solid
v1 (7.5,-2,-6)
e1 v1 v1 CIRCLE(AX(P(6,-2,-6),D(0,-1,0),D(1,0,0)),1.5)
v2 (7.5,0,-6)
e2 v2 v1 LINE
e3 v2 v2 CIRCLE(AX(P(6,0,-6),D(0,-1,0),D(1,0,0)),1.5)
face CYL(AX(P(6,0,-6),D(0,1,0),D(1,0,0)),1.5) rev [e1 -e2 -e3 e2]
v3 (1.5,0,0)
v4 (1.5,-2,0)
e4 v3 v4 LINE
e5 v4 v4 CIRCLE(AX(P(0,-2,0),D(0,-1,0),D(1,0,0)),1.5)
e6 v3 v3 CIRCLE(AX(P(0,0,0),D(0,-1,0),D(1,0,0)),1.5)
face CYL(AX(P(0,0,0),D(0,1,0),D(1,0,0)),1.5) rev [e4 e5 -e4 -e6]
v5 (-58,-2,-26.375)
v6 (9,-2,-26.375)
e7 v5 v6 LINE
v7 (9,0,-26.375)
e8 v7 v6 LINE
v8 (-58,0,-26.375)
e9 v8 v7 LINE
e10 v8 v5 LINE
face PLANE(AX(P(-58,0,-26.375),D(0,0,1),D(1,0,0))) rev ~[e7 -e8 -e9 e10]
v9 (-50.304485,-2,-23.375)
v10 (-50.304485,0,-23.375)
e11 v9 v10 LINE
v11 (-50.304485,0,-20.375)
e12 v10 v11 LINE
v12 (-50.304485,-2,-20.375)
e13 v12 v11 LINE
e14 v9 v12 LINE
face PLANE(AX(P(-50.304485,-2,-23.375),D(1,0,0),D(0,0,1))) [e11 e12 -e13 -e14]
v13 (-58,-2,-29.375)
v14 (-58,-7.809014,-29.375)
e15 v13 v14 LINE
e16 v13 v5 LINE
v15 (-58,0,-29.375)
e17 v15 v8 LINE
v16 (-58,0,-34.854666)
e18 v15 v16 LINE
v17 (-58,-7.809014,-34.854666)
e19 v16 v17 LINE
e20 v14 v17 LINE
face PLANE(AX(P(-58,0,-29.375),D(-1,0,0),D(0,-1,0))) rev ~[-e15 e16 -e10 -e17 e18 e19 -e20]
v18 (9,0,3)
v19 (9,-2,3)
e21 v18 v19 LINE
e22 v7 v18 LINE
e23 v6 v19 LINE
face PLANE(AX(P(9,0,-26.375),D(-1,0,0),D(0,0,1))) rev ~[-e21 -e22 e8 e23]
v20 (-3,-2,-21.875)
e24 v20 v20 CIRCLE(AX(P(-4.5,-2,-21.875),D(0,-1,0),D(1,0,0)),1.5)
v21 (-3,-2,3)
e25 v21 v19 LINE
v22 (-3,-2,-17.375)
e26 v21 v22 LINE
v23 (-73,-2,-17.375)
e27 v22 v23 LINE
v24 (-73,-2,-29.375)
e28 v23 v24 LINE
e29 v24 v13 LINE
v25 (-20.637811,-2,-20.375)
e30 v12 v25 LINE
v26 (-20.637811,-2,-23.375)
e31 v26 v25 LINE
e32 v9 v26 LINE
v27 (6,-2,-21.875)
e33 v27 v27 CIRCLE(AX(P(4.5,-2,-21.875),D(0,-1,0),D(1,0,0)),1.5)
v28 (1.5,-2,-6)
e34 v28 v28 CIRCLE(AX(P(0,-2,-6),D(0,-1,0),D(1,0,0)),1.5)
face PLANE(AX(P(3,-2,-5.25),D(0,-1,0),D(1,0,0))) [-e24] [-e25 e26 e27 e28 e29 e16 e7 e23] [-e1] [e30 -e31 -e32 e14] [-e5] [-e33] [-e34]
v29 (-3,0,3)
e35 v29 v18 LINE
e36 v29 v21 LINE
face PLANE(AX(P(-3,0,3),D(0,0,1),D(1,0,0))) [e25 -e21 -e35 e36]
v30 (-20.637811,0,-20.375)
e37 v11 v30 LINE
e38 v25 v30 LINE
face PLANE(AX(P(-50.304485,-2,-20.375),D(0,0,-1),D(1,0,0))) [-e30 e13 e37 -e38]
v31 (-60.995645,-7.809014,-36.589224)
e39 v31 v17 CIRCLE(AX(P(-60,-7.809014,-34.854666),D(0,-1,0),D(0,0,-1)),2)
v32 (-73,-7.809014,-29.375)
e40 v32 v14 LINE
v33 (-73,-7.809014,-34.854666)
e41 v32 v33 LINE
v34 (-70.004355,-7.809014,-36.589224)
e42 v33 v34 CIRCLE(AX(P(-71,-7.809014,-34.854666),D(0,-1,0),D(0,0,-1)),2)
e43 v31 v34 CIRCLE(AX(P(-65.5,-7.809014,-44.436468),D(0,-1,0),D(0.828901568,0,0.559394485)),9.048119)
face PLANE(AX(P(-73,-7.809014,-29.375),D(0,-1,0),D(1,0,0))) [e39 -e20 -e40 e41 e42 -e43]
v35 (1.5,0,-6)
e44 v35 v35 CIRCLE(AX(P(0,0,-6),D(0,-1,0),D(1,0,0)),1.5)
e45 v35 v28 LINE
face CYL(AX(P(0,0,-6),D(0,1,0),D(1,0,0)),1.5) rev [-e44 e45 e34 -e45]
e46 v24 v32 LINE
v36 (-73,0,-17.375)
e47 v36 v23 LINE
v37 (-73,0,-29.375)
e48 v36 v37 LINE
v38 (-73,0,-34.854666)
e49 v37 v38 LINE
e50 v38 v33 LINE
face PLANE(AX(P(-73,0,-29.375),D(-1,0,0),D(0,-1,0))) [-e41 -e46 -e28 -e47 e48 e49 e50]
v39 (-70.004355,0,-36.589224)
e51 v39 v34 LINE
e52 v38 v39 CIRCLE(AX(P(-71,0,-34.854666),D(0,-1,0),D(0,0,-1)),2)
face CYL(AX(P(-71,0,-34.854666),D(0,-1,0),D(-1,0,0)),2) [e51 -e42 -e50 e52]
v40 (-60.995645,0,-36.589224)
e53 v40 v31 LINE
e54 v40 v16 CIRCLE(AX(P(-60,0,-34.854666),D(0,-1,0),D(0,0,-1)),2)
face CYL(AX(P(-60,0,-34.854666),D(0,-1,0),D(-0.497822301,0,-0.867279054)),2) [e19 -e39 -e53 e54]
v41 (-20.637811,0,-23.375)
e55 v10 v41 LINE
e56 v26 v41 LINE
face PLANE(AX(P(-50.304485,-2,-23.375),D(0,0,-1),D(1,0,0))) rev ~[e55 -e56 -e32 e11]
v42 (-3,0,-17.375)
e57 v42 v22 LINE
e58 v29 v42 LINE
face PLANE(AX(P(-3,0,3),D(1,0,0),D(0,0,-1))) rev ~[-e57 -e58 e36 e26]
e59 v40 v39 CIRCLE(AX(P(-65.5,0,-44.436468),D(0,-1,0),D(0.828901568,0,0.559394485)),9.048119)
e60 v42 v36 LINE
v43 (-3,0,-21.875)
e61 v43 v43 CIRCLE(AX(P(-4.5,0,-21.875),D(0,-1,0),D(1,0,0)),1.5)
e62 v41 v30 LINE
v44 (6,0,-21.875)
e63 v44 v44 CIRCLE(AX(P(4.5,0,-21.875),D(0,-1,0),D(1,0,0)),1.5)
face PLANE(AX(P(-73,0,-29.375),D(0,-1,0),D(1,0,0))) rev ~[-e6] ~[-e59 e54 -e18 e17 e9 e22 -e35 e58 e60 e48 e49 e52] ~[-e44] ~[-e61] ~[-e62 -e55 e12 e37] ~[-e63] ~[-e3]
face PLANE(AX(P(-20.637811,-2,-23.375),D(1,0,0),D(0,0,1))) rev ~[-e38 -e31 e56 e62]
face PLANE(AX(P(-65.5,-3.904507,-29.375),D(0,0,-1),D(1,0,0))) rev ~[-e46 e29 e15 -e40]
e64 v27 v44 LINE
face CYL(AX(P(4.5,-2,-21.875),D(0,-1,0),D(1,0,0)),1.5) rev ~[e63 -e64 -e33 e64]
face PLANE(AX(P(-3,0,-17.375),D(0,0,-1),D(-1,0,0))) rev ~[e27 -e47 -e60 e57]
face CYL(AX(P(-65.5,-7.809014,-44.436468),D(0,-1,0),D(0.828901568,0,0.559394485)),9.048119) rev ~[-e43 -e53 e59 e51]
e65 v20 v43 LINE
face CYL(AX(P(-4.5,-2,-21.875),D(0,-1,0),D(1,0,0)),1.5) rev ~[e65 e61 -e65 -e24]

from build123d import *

# Parameters (mm, degrees)
F0_W      = 12
F0_H      = 16.5
F0_R      = 1.5
F0_W_2    = 15
F0_H_2    = 3
F1_DEPTH  = 2
F2_W      = 15
F2_H      = 7.8090135939
F3_DEPTH  = 10
F5_DEPTH  = 25
F6_R      = 2
F7_W      = 29.6666743584
F7_H      = 3
F8_DEPTH  = 25
F9_R      = 1.5
F10_DEPTH = 25


with BuildPart() as f1:
    # F0 (on Front) → F1 (new body)
    with BuildSketch(Plane.XZ):
        with Locations((3, -5.25)):
            Rectangle(F0_W, F0_H)
        with Locations((0, -6)):
            Circle(F0_R, mode=Mode.SUBTRACT)
        with Locations((6, -6)):
            Circle(F0_R, mode=Mode.SUBTRACT)
        Circle(F0_R, mode=Mode.SUBTRACT)
        Polygon((9, -13.5), (-3, -13.5), (-3, -17.375), (-3, -26.375), (9, -26.375), align=None)
        Polygon((-3, -26.375), (-3, -17.375), (-73, -17.375), (-73, -26.375), (-58, -26.375), align=None)
        with Locations((-65.5, -27.875)):
            Rectangle(F0_W_2, F0_H_2)
    extrude(amount=F1_DEPTH)

    # F2 (on face) → F3 (join)
    with BuildSketch(Plane(origin=(0, 0, -29.375), x_dir=(1, 0, 0), z_dir=(0, 0, -1))):
        with Locations((-65.5, 3.904506797)):
            Rectangle(F2_W, F2_H)
    extrude(amount=F3_DEPTH)

    # F4 (on face) → F5 (cut)
    with BuildSketch(Plane.XZ.offset(7.8090135939)):
        with BuildLine():
            Line((-73, -39.375), (-58, -39.375))
            ThreePointArc((-58, -39.375), (-65.5, -35.3883488839), (-73, -39.375))
        make_face()
    extrude(amount=-F5_DEPTH, mode=Mode.SUBTRACT)

    # F6
    f6_edges = [f1.edges().sort_by_distance(p)[0] for p in [
        (-73, -3.904507, -39.375),
        (-58, -3.904507, -39.375),
    ]]
    fillet(f6_edges, radius=F6_R)

    # F7 (on face) → F8 (cut)
    with BuildSketch(Plane.XZ.offset(2)):
        with Locations((-35.4711478576, -21.875)):
            Rectangle(F7_W, F7_H)
    extrude(amount=-F8_DEPTH, mode=Mode.SUBTRACT)

    # F9 (on face) → F10 (cut)
    with BuildSketch(Plane.XZ.offset(2)):
        with Locations((-4.5, -21.875)):
            Circle(F9_R)
        with Locations((4.5, -21.875)):
            Circle(F9_R)
    extrude(amount=-F10_DEPTH, mode=Mode.SUBTRACT)


solid = f1.part
